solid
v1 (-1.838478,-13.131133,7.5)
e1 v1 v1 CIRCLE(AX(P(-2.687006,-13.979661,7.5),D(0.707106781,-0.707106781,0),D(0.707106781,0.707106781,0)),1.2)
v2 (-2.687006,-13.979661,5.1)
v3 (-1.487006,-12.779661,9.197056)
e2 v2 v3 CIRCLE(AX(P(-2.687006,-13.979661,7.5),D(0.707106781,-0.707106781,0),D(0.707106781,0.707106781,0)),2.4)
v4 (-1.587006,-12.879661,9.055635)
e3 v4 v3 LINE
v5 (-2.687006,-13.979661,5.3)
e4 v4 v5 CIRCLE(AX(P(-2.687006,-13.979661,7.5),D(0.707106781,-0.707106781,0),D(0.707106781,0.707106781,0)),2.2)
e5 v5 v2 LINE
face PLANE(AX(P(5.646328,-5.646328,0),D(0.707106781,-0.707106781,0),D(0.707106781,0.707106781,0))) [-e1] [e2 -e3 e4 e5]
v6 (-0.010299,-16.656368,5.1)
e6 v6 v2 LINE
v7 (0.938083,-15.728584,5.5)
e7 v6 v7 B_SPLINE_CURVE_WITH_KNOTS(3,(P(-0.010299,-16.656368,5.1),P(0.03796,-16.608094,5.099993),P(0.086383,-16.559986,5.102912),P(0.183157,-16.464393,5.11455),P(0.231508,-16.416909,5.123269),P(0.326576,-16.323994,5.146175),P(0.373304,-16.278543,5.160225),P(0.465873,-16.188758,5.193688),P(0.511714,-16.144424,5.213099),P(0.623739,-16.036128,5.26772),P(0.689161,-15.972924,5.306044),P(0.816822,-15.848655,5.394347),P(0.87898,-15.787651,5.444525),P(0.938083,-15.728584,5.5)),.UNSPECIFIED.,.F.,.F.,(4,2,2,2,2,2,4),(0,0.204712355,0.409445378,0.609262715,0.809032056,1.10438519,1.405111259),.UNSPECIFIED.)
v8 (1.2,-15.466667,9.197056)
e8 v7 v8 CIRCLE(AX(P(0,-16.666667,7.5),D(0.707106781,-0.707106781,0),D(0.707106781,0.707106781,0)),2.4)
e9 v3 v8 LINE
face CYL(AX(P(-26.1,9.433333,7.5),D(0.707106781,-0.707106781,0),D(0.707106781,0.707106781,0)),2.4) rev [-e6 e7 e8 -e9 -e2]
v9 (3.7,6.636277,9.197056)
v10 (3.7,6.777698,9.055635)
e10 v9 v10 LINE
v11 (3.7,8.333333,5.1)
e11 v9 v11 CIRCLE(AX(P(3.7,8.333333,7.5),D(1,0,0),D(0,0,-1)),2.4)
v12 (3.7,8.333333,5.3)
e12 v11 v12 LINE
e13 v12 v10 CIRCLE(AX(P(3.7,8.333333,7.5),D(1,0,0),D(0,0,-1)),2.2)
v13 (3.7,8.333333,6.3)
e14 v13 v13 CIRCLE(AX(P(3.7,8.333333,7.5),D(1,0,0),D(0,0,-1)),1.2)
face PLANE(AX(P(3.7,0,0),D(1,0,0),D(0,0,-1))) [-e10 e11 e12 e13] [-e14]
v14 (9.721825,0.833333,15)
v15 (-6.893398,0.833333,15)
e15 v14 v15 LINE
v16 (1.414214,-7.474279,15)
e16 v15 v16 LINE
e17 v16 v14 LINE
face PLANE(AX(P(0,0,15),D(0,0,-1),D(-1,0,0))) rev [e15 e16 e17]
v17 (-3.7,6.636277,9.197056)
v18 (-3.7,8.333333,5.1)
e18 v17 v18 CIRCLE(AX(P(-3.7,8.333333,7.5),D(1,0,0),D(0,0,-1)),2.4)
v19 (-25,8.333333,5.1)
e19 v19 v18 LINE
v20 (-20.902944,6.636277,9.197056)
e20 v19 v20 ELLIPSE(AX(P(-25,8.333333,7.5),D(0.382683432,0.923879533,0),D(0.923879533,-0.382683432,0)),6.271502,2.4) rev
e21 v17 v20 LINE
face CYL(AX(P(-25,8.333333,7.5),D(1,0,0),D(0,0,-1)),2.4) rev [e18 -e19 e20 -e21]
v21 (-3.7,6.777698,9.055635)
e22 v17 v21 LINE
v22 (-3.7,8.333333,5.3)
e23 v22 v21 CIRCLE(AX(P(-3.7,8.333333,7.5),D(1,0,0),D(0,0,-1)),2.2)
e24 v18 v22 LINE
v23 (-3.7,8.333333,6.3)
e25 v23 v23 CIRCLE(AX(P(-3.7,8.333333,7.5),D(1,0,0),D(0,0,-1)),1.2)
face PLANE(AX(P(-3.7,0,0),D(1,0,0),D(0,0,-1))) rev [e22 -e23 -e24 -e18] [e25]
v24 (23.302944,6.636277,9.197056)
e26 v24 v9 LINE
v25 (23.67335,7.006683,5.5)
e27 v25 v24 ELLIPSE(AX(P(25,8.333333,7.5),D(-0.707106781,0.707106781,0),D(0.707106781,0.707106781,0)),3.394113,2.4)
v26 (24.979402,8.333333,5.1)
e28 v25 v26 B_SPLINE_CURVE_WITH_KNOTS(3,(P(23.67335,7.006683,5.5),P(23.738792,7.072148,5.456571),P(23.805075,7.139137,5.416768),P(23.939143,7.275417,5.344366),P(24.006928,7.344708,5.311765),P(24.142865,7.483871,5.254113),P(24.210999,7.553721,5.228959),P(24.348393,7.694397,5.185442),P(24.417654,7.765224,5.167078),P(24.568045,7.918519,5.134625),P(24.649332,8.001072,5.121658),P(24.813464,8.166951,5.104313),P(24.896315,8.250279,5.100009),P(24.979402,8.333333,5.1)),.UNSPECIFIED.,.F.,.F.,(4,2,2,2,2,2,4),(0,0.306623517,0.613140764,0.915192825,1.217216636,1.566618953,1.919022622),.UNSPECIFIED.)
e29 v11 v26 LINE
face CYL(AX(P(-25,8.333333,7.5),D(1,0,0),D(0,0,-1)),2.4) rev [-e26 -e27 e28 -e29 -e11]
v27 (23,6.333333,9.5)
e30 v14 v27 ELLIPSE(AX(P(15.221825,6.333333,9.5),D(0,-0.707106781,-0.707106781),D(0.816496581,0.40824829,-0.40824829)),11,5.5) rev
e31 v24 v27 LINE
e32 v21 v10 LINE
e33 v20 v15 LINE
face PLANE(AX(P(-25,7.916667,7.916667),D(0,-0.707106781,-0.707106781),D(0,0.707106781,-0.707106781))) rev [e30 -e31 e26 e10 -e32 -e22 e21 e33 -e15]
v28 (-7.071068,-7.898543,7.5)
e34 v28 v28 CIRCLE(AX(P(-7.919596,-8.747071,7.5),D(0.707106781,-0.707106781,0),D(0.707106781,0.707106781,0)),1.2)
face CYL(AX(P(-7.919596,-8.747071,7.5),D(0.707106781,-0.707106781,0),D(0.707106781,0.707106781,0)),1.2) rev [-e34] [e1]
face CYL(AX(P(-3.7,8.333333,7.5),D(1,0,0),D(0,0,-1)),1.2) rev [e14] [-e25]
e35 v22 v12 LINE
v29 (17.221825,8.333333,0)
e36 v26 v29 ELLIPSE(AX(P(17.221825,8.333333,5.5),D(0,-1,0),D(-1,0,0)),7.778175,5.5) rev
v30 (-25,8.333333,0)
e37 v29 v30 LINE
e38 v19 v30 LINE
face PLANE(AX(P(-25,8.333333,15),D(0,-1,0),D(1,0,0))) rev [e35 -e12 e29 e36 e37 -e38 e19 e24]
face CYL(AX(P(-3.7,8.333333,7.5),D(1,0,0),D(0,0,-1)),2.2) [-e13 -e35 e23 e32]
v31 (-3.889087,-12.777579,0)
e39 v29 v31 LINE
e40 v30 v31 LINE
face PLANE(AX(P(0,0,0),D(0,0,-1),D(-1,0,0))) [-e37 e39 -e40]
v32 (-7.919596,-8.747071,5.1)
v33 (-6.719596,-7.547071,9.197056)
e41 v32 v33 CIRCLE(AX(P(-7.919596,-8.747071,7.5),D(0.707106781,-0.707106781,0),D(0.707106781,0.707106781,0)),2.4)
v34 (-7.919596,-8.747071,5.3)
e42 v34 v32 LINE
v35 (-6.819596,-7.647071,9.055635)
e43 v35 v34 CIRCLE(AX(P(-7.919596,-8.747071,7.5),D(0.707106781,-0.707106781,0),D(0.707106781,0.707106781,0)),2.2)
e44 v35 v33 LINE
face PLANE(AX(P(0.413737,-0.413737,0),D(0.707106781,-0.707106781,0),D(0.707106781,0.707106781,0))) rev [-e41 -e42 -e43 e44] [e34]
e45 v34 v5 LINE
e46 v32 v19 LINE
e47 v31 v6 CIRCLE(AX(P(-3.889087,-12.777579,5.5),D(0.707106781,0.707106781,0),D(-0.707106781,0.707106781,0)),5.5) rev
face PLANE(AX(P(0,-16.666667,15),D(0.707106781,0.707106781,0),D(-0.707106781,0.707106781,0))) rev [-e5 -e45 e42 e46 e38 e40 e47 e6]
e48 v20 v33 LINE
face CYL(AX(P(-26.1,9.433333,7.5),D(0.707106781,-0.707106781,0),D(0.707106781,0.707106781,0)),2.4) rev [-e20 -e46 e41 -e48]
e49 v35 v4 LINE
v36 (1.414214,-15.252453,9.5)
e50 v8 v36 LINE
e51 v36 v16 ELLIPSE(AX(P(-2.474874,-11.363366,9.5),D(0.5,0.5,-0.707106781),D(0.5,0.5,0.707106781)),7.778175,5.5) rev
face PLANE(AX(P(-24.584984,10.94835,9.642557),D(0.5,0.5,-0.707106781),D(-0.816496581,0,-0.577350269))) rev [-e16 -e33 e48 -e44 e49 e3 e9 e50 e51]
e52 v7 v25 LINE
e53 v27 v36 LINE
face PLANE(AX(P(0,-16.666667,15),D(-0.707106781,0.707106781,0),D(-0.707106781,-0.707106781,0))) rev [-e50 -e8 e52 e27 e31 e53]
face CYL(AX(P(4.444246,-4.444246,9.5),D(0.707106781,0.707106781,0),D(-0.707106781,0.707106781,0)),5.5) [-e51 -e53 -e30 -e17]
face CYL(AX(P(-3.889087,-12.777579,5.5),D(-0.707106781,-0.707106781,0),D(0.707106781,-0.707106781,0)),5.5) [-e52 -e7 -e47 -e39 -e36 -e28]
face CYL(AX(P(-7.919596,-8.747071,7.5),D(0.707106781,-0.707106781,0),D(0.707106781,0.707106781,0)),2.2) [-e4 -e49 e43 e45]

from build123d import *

# Parameters (mm, degrees)
BOSS_EXTRUDE1_DEPTH      = 15
CUT_EXTRUDE1_DEPTH       = 34.582402799
CUT_EXTRUDE1_DEPTH_BACK  = 34.582402799
BOSS_EXTRUDE2_DEPTH      = 3.7
BOSS_EXTRUDE2_DEPTH_BACK = 3.7
SKETCH2_5_R              = 1.2
CUT_EXTRUDE2_DEPTH       = 42.134683932
BOSS_EXTRUDE3_START      = -3.8
SKETCH4_3_R              = 1.2
BOSS_EXTRUDE3_DEPTH      = 7.4
FILLET1_R                = 5.5
FILLET2_R                = 5.5


with BuildPart() as part:
    # Sketch1 → Boss-Extrude1 (new body)
    with BuildSketch(Plane(origin=(0, 0, 0), x_dir=(0, 1, 0), z_dir=(0, 0, 1))):
        Polygon((8.333333333, 25), (8.333333333, -25), (-16.666666667, 0), align=None)
    extrude(amount=BOSS_EXTRUDE1_DEPTH)

    # Sketch2 → Cut-Extrude1 (cut, two sides: drawn at the far end of the back side and taken through both)
    with BuildSketch(Plane.YZ.offset(-CUT_EXTRUDE1_DEPTH_BACK)):
        with BuildLine():
            Line((8.333333333, 15), (0.833333333, 15))
            Line((0.833333333, 15), (6.636277058, 9.197056275))
            ThreePointArc((6.636277058, 9.197056275), (9.251773571, 5.282689122), (8.333333333, 9.9))
            Line((8.333333333, 9.9), (8.333333333, 15))
        make_face()
    extrude(amount=CUT_EXTRUDE1_DEPTH + CUT_EXTRUDE1_DEPTH_BACK, mode=Mode.SUBTRACT)

    # Sketch2<5> → Boss-Extrude2 (add, two sides: drawn at the far end of the back side and taken through both)
    with BuildSketch(Plane.YZ.offset(-BOSS_EXTRUDE2_DEPTH_BACK)):
        with BuildLine():
            Line((6.777698415, 9.055634919), (6.636277058, 9.197056275))
            ThreePointArc((6.636277058, 9.197056275), (6.116022455, 6.581559762), (8.333333333, 5.1))
            Line((8.333333333, 5.1), (8.333333333, 5.3))
            ThreePointArc((8.333333333, 5.3), (10.365868305, 8.341903551), (6.777698415, 9.055634919))
        make_face()
        with Locations((8.333333333, 7.5)):
            Circle(SKETCH2_5_R, mode=Mode.SUBTRACT)
    extrude(amount=BOSS_EXTRUDE2_DEPTH + BOSS_EXTRUDE2_DEPTH_BACK)

    # Sketch4 → Cut-Extrude2 (cut, through all)
    with BuildSketch(Plane(origin=(8.333333333, -8.333333333, 0), x_dir=(0.7071067811865486, 0.7071067811865465, 0), z_dir=(0.7071067811865465, -0.7071067811865486, 0))):
        with BuildLine():
            ThreePointArc((-11.78511302, 9.9), (-12.703553257, 5.282689122), (-10.088056745, 9.197056275))
            Line((-10.088056745, 9.197056275), (-4.28511302, 15))
            Line((-4.28511302, 15), (-11.78511302, 15))
            Line((-11.78511302, 15), (-11.78511302, 9.9))
        make_face()
    extrude(amount=-CUT_EXTRUDE2_DEPTH, mode=Mode.SUBTRACT)

    # Sketch4<3> → Boss-Extrude3 (add)
    with BuildSketch(Plane(origin=(8.333333333, -8.333333333, 0), x_dir=(0.7071067811865486, 0.7071067811865465, 0), z_dir=(0.7071067811865465, -0.7071067811865486, 0)).offset(BOSS_EXTRUDE3_START)):
        with BuildLine():
            ThreePointArc((-10.229478101, 9.055634919), (-13.817647991, 8.341903551), (-11.78511302, 5.3))
            Line((-11.78511302, 5.3), (-11.78511302, 5.1))
            ThreePointArc((-11.78511302, 5.1), (-9.567802142, 6.581559762), (-10.088056745, 9.197056275))
            Line((-10.088056745, 9.197056275), (-10.229478101, 9.055634919))
        make_face()
        with Locations((-11.78511302, 7.5)):
            Circle(SKETCH4_3_R, mode=Mode.SUBTRACT)
    extrude(amount=-BOSS_EXTRUDE3_DEPTH)

    # Fillet1
    fillet1_edges = [part.edges().sort_by_distance(p)[0] for p in [
        (12.5, -4.166666667, 0),
    ]]
    fillet(fillet1_edges, radius=FILLET1_R)

    # Fillet2
    fillet2_edges = [part.edges().sort_by_distance(p)[0] for p in [
        (11.401650429, -5.265016237, 15),
    ]]
    fillet(fillet2_edges, radius=FILLET2_R)


solid = part.part
